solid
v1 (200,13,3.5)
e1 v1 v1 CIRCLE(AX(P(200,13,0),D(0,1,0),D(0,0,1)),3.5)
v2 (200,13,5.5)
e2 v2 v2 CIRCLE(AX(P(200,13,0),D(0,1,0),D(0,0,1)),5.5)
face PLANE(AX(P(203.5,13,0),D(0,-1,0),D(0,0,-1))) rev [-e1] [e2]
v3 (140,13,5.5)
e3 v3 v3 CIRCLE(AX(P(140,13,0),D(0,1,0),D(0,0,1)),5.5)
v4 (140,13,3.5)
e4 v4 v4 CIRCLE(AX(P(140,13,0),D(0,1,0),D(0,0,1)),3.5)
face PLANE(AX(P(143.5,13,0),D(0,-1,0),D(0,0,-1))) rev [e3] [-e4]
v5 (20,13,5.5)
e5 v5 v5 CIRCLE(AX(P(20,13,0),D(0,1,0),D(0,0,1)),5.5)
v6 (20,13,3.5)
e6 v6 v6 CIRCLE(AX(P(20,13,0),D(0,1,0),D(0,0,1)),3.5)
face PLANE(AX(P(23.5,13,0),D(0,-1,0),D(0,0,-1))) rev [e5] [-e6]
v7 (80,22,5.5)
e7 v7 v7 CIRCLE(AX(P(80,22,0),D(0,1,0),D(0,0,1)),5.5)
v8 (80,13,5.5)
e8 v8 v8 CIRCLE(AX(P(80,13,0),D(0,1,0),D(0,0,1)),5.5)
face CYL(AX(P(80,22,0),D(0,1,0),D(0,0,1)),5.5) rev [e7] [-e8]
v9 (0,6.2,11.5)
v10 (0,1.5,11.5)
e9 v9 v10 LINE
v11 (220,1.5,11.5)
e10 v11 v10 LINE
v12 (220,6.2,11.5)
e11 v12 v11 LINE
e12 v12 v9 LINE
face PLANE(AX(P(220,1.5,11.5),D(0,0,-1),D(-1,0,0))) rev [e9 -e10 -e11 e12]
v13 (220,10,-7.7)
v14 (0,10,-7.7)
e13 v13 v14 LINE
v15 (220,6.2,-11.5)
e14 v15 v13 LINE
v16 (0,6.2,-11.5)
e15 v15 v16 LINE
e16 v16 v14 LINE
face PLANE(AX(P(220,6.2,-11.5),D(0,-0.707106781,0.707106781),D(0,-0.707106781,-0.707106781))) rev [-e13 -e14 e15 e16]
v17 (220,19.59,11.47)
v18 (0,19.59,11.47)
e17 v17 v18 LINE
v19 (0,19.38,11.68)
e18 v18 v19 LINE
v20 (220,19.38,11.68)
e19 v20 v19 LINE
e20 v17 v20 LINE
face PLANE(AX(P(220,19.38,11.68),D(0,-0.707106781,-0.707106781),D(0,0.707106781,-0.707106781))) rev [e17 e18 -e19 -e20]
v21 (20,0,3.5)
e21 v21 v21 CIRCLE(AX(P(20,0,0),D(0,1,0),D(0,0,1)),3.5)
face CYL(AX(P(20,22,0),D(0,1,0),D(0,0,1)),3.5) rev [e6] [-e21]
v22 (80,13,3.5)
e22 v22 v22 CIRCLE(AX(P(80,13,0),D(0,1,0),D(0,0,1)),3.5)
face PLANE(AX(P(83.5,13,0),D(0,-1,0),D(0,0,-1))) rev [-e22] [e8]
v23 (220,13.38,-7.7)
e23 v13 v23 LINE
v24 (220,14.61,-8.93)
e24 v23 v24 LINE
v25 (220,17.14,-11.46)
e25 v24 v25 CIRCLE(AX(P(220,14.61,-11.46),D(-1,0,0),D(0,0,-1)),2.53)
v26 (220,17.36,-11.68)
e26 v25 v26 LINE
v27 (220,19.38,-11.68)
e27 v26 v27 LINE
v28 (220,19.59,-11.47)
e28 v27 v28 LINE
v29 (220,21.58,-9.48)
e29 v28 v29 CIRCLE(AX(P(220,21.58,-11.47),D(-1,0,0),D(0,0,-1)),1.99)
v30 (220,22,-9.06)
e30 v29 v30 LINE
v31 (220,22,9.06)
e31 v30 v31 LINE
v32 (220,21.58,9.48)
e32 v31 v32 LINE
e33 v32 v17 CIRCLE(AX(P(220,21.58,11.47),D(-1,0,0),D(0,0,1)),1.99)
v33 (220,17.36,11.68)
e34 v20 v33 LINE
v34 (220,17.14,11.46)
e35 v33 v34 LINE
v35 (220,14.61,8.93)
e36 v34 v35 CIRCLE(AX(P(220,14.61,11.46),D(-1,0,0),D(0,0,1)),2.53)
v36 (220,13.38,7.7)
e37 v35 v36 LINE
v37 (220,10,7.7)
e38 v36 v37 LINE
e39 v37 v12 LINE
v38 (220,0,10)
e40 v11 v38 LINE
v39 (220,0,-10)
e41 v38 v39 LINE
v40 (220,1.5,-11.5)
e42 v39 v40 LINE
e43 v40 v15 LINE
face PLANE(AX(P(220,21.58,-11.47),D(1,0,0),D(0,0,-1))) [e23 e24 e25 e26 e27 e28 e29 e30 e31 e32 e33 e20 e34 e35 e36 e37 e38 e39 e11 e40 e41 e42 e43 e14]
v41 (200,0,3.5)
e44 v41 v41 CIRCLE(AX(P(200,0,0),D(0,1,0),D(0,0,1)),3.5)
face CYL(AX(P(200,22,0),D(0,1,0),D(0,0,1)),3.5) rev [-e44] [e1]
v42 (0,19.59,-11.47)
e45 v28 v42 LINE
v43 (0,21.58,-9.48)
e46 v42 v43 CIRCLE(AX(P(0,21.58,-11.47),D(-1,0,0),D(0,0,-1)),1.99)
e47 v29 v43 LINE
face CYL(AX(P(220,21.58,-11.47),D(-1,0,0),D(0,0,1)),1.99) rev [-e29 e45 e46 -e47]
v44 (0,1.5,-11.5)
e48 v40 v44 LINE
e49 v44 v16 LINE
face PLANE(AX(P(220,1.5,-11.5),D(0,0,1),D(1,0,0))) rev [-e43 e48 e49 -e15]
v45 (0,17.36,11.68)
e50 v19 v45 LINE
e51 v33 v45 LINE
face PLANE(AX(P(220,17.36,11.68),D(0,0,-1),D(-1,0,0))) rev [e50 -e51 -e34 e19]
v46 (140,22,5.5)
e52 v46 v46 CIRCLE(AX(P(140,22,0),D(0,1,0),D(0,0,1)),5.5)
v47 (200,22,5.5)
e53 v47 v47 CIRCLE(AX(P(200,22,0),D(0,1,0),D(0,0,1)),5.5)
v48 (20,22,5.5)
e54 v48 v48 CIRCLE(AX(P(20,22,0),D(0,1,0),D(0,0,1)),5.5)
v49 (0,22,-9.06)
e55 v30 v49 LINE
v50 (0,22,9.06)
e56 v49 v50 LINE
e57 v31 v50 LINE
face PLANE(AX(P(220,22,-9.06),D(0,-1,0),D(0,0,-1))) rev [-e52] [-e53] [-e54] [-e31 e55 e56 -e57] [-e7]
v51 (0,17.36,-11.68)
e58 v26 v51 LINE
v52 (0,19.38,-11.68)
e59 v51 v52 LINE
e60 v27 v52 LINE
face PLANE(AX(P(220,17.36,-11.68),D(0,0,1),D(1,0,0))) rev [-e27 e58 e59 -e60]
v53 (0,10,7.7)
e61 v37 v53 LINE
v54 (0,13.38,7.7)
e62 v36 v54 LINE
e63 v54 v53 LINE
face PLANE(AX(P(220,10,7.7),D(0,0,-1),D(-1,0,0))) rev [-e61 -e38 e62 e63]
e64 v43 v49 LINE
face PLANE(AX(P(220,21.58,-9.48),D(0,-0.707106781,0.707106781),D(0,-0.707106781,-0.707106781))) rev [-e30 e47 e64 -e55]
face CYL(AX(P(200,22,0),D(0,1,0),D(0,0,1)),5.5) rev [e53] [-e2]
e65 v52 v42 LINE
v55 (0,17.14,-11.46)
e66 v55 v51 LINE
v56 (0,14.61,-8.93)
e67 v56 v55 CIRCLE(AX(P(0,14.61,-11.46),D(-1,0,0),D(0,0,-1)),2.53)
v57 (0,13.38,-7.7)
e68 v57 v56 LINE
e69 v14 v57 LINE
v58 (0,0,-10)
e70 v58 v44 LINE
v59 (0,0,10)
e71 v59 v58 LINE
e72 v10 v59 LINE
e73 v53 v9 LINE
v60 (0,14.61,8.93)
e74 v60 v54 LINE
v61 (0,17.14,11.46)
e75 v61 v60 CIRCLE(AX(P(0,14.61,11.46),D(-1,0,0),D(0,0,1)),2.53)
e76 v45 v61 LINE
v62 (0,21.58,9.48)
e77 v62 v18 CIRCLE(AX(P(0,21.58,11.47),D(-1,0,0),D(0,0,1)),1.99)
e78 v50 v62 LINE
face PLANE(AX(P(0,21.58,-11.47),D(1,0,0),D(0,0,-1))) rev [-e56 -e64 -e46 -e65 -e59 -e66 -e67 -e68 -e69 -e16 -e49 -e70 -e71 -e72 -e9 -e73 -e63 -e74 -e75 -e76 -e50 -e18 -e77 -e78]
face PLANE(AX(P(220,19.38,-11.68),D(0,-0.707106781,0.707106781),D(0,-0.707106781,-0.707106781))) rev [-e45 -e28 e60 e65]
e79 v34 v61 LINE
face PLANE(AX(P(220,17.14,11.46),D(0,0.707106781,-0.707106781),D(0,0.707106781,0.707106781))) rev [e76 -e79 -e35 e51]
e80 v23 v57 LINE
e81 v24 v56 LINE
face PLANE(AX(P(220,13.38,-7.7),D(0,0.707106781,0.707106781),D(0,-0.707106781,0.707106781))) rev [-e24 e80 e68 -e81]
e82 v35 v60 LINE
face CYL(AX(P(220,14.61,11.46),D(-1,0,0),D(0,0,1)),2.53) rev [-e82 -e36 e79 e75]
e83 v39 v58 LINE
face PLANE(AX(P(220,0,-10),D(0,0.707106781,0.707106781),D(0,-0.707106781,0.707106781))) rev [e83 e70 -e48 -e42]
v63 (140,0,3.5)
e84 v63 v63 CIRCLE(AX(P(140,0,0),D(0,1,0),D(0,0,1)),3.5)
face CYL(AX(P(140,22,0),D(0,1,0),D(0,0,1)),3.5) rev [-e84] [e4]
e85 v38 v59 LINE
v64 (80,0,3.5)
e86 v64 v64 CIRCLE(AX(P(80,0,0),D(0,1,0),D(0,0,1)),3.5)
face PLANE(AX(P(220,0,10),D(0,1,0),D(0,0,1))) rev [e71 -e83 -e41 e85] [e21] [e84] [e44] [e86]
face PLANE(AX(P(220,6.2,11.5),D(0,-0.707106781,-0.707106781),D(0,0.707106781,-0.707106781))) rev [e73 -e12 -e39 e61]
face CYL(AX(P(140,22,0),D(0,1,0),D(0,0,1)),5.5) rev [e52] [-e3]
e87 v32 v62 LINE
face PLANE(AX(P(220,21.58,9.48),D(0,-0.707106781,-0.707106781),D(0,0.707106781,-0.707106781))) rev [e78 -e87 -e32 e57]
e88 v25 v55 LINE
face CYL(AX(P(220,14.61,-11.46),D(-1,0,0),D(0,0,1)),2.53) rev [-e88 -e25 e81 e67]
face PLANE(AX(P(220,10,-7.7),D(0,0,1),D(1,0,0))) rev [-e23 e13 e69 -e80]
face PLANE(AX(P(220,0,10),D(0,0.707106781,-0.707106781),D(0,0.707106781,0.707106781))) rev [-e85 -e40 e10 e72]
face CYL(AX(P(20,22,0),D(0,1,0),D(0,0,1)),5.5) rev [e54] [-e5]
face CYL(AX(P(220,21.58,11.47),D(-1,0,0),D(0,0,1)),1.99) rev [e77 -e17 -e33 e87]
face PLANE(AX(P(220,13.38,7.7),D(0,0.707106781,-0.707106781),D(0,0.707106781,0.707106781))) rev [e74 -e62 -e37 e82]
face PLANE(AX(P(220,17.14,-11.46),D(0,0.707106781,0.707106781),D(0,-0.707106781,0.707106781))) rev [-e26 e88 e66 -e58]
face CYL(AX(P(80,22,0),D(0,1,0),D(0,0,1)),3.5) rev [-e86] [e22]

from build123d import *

# Parameters (mm, degrees)
BOSS_EXTRUDE1_DEPTH   = 220
BOLT_HOLE_D           = 7
BOLT_HOLE_CBORE_D     = 11
BOLT_HOLE_CBORE_DEPTH = 9
BOLT_PATTERN_COUNT    = 4
BOLT_PATTERN_PITCH    = 60


with BuildPart() as part:
    # Sketch1 → Boss-Extrude1 (new body)
    with BuildSketch(Plane(origin=(0, 0, 0), x_dir=(0, 0, -1), z_dir=(1, 0, 0))):
        with BuildLine():
            Line((-10, 0), (10, 0))
            Line((10, 0), (11.5, 1.5))
            Line((11.5, 1.5), (11.5, 6.2))
            Line((11.5, 6.2), (7.7, 10))
            Line((7.7, 10), (7.7, 13.38))
            Line((7.7, 13.38), (8.93, 14.61))
            ThreePointArc((8.93, 14.61), (9.671019844, 16.398980156), (11.46, 17.14))
            Line((11.46, 17.14), (11.68, 17.36))
            Line((11.68, 17.36), (11.68, 19.38))
            Line((11.68, 19.38), (11.47, 19.59))
            ThreePointArc((11.47, 19.59), (10.062857505, 20.172857505), (9.48, 21.58))
            Line((9.48, 21.58), (9.06, 22))
            Line((9.06, 22), (-9.06, 22))
            Line((-9.06, 22), (-9.48, 21.58))
            ThreePointArc((-9.48, 21.58), (-10.062857505, 20.172857505), (-11.47, 19.59))
            Line((-11.47, 19.59), (-11.68, 19.38))
            Line((-11.68, 19.38), (-11.68, 17.36))
            Line((-11.68, 17.36), (-11.46, 17.14))
            ThreePointArc((-11.46, 17.14), (-9.671019844, 16.398980156), (-8.93, 14.61))
            Line((-8.93, 14.61), (-7.7, 13.38))
            Line((-7.7, 13.38), (-7.7, 10))
            Line((-7.7, 10), (-11.5, 6.2))
            Line((-11.5, 6.2), (-11.5, 1.5))
            Line((-11.5, 1.5), (-10, 0))
        make_face()
    extrude(amount=BOSS_EXTRUDE1_DEPTH)

    # Bolt Hole (through all)
    with Locations(Plane(origin=(20, 22, 0), x_dir=(0, 0, 1), z_dir=(0, 1, 0))):
        with Locations((0, 0)):
            bolt_hole = CounterBoreHole(BOLT_HOLE_D / 2, BOLT_HOLE_CBORE_D / 2, BOLT_HOLE_CBORE_DEPTH)

    # Bolt Pattern: Bolt Hole ×4
    with Locations(*[(i * BOLT_PATTERN_PITCH, 0, 0) for i in range(1, BOLT_PATTERN_COUNT)]):
        add(bolt_hole, mode=Mode.SUBTRACT)


solid = part.part
